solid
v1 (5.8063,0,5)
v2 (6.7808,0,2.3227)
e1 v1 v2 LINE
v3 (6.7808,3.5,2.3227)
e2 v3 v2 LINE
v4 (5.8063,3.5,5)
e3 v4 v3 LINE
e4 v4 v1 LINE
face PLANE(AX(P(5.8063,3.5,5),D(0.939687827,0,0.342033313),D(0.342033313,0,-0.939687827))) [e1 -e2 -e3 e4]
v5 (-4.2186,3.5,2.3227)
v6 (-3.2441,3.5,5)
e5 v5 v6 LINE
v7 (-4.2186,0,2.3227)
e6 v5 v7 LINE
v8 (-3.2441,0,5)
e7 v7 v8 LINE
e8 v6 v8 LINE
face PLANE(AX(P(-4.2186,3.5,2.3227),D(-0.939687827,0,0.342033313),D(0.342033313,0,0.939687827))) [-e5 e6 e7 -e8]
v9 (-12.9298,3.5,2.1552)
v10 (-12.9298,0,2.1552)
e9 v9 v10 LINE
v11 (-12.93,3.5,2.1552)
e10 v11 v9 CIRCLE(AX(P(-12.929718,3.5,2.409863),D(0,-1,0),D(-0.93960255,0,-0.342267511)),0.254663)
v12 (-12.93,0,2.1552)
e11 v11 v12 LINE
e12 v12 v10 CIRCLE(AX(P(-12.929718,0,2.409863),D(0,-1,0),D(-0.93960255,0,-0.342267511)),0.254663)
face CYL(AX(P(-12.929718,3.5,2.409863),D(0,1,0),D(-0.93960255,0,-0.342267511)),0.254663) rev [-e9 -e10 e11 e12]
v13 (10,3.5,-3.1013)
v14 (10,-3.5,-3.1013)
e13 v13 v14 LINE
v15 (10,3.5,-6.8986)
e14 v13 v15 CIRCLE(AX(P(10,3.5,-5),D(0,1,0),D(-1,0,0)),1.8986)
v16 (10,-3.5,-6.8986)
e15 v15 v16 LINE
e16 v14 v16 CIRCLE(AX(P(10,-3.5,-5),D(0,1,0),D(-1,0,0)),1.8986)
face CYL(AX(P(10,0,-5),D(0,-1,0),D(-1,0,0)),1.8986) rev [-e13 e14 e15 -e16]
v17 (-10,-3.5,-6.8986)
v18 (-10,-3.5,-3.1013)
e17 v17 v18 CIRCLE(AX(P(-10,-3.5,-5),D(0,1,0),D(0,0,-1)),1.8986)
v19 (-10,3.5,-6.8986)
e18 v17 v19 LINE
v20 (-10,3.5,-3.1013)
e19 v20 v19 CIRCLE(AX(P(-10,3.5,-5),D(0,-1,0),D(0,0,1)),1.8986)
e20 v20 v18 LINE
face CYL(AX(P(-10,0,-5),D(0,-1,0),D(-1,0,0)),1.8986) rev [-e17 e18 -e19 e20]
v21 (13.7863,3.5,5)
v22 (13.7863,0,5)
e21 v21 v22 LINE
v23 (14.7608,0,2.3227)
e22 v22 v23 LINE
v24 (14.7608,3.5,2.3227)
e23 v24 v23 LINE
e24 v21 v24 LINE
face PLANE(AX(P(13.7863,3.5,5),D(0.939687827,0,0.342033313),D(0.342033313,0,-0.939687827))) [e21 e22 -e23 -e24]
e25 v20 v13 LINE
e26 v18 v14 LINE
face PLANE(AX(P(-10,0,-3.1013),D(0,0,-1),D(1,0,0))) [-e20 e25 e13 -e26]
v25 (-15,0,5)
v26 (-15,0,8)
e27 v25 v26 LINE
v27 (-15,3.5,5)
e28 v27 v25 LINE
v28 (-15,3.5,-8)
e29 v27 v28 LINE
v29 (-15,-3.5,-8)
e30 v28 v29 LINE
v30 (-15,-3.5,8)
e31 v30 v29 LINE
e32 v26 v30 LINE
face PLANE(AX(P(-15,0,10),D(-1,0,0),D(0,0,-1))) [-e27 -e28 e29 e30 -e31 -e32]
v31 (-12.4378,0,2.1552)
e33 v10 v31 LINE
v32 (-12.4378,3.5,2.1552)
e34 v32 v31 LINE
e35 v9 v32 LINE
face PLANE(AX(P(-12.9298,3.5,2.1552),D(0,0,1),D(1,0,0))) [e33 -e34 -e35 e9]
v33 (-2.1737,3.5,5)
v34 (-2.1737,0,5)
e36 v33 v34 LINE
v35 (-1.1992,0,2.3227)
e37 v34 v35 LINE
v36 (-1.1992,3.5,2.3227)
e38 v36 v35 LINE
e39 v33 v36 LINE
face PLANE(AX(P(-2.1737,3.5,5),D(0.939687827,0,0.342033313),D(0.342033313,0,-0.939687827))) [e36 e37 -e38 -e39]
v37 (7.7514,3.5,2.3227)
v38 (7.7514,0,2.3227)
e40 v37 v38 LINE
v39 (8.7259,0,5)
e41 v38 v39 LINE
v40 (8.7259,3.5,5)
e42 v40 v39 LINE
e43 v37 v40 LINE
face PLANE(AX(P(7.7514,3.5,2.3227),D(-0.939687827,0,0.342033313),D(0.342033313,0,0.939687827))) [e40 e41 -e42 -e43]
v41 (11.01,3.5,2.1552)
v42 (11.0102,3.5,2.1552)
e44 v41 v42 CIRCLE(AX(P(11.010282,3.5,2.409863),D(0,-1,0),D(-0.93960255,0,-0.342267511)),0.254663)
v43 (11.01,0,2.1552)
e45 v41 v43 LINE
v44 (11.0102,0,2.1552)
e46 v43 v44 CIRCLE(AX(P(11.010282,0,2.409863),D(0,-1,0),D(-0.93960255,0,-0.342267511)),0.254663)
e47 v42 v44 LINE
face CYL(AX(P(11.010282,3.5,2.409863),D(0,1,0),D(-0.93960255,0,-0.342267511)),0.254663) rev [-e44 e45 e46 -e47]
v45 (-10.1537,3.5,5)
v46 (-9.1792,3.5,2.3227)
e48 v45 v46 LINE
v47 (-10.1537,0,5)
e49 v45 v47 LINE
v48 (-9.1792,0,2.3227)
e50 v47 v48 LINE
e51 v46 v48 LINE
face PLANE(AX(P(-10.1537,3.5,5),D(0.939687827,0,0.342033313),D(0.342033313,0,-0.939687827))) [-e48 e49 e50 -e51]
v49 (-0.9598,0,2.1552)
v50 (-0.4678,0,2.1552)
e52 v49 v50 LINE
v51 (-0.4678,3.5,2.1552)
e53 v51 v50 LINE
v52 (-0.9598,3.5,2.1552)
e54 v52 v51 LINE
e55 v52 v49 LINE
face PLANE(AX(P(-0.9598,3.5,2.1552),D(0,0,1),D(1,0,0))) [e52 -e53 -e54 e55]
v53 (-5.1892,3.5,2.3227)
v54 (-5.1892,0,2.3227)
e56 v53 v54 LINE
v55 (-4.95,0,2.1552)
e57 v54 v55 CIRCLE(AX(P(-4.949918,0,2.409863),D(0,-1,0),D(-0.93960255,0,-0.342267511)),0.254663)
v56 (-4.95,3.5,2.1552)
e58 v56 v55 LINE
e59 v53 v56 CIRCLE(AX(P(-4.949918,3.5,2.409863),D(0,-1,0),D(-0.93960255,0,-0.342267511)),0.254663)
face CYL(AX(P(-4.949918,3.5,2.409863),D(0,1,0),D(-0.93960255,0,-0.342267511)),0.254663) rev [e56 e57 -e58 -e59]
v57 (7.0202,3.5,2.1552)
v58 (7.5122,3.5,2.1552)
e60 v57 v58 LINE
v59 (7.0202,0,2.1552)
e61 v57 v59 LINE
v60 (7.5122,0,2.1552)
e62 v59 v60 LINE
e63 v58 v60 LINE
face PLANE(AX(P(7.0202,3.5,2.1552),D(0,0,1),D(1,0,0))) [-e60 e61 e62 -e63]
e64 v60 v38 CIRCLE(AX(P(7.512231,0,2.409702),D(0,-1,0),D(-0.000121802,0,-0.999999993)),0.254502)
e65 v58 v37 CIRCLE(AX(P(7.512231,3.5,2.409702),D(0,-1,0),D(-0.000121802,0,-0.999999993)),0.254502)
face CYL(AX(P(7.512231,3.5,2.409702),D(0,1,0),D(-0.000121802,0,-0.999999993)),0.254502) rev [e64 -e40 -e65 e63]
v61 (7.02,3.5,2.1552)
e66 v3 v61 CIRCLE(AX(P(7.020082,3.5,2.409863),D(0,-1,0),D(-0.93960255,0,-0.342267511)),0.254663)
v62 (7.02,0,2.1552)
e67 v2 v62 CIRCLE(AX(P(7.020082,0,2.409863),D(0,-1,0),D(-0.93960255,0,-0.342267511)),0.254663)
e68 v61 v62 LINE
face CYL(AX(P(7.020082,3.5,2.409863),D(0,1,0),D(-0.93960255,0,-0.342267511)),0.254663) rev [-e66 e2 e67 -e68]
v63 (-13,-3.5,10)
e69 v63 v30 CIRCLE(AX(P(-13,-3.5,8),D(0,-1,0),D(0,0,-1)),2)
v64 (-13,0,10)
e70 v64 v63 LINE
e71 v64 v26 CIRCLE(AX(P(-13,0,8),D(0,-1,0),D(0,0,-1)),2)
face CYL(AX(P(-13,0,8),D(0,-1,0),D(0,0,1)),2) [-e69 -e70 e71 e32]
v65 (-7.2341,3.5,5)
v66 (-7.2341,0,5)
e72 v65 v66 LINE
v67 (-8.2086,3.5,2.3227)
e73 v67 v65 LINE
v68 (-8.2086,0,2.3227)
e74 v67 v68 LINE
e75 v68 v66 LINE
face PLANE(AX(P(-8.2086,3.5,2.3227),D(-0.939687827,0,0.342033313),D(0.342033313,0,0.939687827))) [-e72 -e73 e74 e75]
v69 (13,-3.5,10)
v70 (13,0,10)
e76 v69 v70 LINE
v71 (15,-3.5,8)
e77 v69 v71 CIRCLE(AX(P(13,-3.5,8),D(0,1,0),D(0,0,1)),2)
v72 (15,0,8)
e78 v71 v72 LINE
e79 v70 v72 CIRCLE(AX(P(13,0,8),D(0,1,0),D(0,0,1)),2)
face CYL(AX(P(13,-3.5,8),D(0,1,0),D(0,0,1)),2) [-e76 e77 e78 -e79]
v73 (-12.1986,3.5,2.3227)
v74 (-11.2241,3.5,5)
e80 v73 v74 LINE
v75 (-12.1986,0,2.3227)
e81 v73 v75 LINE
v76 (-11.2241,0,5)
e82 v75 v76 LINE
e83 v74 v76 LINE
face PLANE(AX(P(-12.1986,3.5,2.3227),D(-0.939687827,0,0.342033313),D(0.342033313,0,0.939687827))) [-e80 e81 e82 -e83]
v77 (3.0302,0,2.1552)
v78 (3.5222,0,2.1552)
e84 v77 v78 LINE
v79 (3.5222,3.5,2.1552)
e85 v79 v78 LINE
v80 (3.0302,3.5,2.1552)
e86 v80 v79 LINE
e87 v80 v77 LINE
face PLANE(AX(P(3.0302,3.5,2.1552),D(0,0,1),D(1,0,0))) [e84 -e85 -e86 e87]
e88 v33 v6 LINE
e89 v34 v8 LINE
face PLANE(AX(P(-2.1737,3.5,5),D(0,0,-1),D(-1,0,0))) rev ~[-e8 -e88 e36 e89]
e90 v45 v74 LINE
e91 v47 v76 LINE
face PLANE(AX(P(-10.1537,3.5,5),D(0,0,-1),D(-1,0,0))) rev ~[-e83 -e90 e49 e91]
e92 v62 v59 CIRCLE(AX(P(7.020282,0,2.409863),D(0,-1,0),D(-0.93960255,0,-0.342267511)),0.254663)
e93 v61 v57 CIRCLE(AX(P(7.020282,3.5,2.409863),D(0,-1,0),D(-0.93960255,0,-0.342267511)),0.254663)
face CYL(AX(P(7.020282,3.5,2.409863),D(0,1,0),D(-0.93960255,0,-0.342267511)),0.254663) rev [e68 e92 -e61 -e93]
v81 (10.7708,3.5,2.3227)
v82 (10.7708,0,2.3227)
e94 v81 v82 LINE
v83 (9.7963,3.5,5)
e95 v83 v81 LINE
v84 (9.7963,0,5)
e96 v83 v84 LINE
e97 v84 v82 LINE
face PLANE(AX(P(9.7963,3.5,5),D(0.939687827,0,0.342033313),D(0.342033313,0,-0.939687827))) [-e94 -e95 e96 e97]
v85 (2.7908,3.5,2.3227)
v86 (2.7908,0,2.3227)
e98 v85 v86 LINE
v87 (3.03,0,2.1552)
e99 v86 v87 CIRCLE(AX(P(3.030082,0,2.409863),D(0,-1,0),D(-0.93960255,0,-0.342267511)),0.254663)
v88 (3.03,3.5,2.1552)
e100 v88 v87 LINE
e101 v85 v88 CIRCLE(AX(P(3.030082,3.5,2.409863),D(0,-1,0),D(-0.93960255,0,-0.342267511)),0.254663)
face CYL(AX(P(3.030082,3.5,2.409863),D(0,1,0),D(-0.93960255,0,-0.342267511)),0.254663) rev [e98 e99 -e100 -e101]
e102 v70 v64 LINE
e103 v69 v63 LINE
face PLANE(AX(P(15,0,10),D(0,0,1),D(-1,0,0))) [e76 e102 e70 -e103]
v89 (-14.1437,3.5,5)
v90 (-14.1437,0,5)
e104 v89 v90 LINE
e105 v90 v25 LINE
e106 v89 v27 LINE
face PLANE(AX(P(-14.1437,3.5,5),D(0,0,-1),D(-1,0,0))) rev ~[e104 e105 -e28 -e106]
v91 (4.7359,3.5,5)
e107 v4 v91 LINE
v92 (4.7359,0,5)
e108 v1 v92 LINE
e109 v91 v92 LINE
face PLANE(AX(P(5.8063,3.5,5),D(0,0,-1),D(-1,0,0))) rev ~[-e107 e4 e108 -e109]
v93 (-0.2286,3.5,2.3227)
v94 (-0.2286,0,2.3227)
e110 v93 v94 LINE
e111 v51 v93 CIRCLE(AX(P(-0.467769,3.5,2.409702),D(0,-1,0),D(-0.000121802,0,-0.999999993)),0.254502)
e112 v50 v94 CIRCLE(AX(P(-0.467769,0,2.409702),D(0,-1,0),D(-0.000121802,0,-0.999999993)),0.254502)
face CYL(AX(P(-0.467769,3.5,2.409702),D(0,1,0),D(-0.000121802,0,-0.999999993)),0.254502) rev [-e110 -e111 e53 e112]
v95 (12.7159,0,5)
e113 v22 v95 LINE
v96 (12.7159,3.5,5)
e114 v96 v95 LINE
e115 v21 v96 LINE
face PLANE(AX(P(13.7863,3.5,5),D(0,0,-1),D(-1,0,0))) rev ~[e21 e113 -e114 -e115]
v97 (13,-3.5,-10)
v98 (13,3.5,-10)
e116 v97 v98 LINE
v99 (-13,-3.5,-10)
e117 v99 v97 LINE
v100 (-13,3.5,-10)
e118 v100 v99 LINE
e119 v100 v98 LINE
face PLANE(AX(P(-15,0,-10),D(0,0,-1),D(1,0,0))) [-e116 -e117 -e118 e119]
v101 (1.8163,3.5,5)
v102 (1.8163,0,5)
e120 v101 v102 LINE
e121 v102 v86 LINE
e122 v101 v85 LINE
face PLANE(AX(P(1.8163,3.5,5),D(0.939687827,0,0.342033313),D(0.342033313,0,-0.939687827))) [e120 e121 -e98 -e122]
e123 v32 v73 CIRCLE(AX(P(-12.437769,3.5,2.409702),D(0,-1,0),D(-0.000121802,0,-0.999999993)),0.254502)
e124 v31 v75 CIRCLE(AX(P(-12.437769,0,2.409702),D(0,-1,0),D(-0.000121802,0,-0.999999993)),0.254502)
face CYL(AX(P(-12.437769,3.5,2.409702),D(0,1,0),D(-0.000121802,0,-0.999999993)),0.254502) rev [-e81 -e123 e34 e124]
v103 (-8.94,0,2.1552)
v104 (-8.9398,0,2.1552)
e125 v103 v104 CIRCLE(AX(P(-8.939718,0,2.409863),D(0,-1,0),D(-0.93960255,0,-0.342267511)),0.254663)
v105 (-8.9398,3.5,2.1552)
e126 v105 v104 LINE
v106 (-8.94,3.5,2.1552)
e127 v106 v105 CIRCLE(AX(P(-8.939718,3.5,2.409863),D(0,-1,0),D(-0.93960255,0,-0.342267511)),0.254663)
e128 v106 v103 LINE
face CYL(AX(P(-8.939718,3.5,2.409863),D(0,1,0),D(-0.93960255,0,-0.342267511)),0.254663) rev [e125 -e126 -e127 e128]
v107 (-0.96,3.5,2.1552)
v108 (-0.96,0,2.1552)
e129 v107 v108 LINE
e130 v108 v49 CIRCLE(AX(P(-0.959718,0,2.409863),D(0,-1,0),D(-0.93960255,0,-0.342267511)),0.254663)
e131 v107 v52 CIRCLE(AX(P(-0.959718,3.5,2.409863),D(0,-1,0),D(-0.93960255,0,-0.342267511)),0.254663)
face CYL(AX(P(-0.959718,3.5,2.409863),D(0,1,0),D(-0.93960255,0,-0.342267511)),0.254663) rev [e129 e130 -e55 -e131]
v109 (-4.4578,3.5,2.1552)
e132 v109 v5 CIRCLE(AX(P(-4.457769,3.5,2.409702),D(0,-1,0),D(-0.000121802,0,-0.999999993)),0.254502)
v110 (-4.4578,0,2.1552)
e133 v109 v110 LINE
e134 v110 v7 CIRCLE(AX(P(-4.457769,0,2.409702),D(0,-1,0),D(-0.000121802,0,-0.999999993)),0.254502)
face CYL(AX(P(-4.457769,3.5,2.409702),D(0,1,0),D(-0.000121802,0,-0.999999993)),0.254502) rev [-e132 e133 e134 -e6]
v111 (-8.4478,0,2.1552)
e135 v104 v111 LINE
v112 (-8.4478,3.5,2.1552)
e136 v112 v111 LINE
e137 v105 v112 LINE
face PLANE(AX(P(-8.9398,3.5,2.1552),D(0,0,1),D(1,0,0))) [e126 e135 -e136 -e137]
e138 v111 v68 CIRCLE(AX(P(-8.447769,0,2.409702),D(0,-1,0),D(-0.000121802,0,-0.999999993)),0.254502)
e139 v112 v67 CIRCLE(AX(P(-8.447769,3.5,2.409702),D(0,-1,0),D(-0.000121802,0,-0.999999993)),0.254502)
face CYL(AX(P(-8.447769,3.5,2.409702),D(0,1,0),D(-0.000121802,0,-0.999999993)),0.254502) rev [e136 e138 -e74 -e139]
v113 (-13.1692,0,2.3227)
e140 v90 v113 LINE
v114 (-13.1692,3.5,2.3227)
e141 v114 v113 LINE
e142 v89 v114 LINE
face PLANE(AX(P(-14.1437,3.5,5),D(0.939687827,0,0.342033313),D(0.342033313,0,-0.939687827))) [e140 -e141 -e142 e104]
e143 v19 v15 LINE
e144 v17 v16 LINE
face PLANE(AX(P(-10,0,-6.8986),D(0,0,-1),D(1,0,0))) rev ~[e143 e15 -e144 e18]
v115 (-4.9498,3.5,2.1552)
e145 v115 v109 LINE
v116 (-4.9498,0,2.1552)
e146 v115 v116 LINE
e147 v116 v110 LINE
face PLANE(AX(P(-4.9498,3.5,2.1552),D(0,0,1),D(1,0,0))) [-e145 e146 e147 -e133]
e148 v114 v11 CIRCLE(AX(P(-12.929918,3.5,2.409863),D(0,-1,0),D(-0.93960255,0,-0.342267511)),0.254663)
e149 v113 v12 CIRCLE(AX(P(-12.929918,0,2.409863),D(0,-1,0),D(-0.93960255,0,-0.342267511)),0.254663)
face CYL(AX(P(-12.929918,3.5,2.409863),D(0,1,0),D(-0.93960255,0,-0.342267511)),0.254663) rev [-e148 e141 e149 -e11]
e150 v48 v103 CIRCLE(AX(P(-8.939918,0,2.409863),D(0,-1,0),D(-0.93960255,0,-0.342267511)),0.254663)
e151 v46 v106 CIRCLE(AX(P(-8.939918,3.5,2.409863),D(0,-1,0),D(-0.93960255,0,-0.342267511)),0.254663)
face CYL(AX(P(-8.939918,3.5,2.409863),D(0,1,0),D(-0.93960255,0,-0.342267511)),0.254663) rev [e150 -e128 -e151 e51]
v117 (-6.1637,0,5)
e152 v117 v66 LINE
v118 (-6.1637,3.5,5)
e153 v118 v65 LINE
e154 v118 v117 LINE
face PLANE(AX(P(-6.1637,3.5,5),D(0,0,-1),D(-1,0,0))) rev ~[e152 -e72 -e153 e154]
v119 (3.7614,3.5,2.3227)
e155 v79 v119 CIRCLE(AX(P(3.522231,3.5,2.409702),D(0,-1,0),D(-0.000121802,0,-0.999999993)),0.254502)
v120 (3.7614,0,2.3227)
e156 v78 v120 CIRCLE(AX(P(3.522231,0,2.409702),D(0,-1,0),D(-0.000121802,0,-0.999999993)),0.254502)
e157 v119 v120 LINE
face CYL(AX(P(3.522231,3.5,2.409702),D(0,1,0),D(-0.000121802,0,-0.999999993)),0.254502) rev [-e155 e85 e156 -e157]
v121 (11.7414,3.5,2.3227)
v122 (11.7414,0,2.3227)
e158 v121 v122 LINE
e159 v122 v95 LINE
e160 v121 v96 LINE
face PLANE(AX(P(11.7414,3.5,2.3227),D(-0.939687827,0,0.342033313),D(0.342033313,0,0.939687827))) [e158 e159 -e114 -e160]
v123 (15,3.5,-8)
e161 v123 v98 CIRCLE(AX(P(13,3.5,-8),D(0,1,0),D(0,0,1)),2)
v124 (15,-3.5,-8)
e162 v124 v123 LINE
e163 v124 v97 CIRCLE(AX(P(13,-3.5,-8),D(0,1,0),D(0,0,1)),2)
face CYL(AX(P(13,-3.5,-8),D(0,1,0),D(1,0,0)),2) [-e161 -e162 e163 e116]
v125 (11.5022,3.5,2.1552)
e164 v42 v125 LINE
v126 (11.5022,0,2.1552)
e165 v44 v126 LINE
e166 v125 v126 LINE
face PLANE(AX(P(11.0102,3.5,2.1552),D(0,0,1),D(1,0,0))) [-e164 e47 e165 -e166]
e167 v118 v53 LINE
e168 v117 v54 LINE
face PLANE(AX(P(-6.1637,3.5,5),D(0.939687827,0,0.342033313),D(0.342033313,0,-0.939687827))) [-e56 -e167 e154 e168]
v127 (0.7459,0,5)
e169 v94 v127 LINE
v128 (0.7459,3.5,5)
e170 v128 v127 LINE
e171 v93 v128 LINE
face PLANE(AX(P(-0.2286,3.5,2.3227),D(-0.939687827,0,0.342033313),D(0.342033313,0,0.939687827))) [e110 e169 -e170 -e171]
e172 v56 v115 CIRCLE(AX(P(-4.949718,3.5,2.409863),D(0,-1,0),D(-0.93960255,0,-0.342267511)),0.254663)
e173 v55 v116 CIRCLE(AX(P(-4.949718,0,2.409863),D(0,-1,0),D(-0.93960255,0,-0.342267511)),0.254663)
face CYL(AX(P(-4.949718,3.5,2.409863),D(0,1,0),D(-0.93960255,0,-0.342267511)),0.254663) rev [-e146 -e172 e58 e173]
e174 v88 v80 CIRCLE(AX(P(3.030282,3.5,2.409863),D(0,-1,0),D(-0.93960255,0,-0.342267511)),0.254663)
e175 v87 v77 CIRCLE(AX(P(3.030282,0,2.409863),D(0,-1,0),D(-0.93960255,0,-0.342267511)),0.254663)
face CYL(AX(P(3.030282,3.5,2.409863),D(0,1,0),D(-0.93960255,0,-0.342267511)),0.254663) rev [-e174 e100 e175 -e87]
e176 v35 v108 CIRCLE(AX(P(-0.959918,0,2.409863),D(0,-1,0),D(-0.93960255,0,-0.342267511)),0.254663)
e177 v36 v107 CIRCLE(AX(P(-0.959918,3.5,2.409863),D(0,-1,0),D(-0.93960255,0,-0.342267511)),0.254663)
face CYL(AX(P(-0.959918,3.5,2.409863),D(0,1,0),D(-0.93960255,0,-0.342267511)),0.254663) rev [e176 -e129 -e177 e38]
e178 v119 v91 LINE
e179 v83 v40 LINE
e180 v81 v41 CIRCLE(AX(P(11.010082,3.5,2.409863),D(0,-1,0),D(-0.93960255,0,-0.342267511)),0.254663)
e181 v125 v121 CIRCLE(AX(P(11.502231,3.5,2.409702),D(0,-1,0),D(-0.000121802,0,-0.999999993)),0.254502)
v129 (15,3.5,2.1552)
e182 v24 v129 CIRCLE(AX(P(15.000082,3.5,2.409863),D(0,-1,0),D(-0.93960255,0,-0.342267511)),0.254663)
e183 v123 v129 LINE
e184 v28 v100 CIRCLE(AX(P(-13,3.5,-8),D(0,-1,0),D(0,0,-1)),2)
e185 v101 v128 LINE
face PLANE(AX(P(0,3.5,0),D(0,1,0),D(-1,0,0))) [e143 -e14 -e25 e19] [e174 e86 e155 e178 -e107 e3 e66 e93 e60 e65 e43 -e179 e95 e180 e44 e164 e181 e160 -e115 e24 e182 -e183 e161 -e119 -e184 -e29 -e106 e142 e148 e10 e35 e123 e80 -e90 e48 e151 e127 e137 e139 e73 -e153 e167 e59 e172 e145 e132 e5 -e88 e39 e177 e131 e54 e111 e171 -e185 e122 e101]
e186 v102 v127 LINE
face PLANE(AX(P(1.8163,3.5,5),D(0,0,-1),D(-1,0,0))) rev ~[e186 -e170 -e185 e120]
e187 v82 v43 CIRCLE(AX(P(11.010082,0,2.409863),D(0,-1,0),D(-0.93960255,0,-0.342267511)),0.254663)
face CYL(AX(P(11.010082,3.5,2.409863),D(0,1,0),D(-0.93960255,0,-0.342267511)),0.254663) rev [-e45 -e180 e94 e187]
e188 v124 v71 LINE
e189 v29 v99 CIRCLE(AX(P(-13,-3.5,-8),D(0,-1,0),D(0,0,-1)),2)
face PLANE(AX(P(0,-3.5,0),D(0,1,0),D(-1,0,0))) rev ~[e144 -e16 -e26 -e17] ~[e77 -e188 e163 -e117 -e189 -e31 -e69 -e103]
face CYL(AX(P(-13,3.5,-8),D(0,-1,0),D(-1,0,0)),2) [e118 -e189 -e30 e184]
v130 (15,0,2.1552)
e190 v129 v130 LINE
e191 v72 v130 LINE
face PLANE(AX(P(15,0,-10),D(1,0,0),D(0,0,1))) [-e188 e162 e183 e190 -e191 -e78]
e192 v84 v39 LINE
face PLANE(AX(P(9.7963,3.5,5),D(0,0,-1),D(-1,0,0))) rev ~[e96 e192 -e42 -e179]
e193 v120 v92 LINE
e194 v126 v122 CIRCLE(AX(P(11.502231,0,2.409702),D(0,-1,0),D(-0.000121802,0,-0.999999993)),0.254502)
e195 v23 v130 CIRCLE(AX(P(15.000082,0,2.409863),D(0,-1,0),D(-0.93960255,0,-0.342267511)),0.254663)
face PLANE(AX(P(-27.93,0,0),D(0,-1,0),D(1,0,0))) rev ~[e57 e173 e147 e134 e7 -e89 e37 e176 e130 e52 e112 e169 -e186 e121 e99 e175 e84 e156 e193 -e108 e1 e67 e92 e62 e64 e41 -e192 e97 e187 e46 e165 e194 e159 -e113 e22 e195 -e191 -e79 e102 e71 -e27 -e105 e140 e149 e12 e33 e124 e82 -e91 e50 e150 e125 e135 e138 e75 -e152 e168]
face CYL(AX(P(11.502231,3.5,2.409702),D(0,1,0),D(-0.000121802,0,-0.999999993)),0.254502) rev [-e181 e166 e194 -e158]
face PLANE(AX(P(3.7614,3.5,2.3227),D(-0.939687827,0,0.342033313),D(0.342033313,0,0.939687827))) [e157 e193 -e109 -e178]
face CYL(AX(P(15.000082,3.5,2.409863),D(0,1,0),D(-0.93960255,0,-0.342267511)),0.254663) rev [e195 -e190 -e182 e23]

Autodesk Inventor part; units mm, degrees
ref_plane "YZ Plane" through (0, 0, 0) normal (1, 0, 0) x (0, 1, 0)
ref_plane "XZ Plane" through (0, 0, 0) normal (0, 1, 0) x (-1, 0, 0)
ref_plane "XY Plane" through (0, 0, 0) normal (0, 0, 1) x (1, 0, 0)
sketch "Sketch1" plane through (0, 0, 0) normal (0, 1, 0) x (-1, 0, 0)
  line L0 (-15, 10) -> (15, 10)
  line L1 (15, 10) -> (15, -10)
  line L2 (15, -10) -> (-15, -10)
  line L3 (-15, -10) -> (-15, 10)
  line L4 (-15, 10) -> (15, -10) construction
  line L5 (15, 10) -> (-15, -10) construction
  circle A0 centre (10, -5) radius 1.8986
  circle A1 centre (-10, -5) radius 1.8986
  line L6 (10, -3.1013) -> (-10, -3.1013)
  line L7 (10, -6.8986) -> (-10, -6.8986)
  point P0 (0, 0)
  point P1 (0, 0)
  point P2 (10, 0)
  point P3 (0, 0)
  dimension "d0" = 30
  dimension "d1" = 20
  dimension "d8" = 5
  dimension "d61" = 3.7973
  dimension "d62" = 3.7973
  dimension "d63" = 5
  dimension "d64" = 5
  dimension "d67" = 5
extrude "Extrusion1" add sketch "Sketch1" along normal mid plane 7
sketch "Sketch5" plane through (0, 3.5, 0) normal (0, -1, 0) x (1, 0, 0)
  arc A0 (10.771, 2.3227) -> (11.0102, 2.1552) centre (11.0102, 2.4098) ccw
  line L0 (11.0102, 2.1552) -> (11.5022, 2.1552)
  arc A1 (11.5022, 2.1552) -> (11.7414, 2.3227) centre (11.5022, 2.4098) ccw
  line L1 (11.7414, 2.3227) -> (12.7159, 5)
  line L2 (13.7863, 5) -> (12.7159, 5)
  line L3 (13.7863, 5) -> (14.7608, 2.3227)
  arc A2 (14.7608, 2.3227) -> (15, 2.1552) centre (15, 2.4098) ccw
  line L4 (11.5022, 2.4098) -> (15, 2.4098) construction
  line L5 (15, 10) -> (-15, 10) construction
  line L6 (15, -10) -> (15, 10) construction
  line L7 (10.771, 2.3227) -> (10.771, 10)
  line L8 (10.771, 10) -> (15, 10)
  line L9 (15, 10) -> (15, 2.1552)
  dimension "d49" = 0.2546
  dimension "d50" = 0.2546
  dimension "d51" = 0.4921
  dimension "d52" = 1.0704
  dimension "d53" = 2.8448
  dimension "d54" = 3.0194
  dimension "d55" = 0.2546
  dimension "d66" = 5
extrude "Extrusion4" cut sketch "Sketch5" along normal blind 3.5
pattern_linear "Rectangular Pattern1" count 10 spacing 3.99 along (-1, 0, 0) of "Extrusion4"
fillet "Fillet1" radius 2 4 edges at (-15, -1.75, 10) (15, -1.75, 10) (-15, 0, -10) (15, 0, -10)
equation "\"d62\" = d61"
equation "\"d67\" = d64"
equation "\"d55\" = d50"
properties part number "RackTest"
